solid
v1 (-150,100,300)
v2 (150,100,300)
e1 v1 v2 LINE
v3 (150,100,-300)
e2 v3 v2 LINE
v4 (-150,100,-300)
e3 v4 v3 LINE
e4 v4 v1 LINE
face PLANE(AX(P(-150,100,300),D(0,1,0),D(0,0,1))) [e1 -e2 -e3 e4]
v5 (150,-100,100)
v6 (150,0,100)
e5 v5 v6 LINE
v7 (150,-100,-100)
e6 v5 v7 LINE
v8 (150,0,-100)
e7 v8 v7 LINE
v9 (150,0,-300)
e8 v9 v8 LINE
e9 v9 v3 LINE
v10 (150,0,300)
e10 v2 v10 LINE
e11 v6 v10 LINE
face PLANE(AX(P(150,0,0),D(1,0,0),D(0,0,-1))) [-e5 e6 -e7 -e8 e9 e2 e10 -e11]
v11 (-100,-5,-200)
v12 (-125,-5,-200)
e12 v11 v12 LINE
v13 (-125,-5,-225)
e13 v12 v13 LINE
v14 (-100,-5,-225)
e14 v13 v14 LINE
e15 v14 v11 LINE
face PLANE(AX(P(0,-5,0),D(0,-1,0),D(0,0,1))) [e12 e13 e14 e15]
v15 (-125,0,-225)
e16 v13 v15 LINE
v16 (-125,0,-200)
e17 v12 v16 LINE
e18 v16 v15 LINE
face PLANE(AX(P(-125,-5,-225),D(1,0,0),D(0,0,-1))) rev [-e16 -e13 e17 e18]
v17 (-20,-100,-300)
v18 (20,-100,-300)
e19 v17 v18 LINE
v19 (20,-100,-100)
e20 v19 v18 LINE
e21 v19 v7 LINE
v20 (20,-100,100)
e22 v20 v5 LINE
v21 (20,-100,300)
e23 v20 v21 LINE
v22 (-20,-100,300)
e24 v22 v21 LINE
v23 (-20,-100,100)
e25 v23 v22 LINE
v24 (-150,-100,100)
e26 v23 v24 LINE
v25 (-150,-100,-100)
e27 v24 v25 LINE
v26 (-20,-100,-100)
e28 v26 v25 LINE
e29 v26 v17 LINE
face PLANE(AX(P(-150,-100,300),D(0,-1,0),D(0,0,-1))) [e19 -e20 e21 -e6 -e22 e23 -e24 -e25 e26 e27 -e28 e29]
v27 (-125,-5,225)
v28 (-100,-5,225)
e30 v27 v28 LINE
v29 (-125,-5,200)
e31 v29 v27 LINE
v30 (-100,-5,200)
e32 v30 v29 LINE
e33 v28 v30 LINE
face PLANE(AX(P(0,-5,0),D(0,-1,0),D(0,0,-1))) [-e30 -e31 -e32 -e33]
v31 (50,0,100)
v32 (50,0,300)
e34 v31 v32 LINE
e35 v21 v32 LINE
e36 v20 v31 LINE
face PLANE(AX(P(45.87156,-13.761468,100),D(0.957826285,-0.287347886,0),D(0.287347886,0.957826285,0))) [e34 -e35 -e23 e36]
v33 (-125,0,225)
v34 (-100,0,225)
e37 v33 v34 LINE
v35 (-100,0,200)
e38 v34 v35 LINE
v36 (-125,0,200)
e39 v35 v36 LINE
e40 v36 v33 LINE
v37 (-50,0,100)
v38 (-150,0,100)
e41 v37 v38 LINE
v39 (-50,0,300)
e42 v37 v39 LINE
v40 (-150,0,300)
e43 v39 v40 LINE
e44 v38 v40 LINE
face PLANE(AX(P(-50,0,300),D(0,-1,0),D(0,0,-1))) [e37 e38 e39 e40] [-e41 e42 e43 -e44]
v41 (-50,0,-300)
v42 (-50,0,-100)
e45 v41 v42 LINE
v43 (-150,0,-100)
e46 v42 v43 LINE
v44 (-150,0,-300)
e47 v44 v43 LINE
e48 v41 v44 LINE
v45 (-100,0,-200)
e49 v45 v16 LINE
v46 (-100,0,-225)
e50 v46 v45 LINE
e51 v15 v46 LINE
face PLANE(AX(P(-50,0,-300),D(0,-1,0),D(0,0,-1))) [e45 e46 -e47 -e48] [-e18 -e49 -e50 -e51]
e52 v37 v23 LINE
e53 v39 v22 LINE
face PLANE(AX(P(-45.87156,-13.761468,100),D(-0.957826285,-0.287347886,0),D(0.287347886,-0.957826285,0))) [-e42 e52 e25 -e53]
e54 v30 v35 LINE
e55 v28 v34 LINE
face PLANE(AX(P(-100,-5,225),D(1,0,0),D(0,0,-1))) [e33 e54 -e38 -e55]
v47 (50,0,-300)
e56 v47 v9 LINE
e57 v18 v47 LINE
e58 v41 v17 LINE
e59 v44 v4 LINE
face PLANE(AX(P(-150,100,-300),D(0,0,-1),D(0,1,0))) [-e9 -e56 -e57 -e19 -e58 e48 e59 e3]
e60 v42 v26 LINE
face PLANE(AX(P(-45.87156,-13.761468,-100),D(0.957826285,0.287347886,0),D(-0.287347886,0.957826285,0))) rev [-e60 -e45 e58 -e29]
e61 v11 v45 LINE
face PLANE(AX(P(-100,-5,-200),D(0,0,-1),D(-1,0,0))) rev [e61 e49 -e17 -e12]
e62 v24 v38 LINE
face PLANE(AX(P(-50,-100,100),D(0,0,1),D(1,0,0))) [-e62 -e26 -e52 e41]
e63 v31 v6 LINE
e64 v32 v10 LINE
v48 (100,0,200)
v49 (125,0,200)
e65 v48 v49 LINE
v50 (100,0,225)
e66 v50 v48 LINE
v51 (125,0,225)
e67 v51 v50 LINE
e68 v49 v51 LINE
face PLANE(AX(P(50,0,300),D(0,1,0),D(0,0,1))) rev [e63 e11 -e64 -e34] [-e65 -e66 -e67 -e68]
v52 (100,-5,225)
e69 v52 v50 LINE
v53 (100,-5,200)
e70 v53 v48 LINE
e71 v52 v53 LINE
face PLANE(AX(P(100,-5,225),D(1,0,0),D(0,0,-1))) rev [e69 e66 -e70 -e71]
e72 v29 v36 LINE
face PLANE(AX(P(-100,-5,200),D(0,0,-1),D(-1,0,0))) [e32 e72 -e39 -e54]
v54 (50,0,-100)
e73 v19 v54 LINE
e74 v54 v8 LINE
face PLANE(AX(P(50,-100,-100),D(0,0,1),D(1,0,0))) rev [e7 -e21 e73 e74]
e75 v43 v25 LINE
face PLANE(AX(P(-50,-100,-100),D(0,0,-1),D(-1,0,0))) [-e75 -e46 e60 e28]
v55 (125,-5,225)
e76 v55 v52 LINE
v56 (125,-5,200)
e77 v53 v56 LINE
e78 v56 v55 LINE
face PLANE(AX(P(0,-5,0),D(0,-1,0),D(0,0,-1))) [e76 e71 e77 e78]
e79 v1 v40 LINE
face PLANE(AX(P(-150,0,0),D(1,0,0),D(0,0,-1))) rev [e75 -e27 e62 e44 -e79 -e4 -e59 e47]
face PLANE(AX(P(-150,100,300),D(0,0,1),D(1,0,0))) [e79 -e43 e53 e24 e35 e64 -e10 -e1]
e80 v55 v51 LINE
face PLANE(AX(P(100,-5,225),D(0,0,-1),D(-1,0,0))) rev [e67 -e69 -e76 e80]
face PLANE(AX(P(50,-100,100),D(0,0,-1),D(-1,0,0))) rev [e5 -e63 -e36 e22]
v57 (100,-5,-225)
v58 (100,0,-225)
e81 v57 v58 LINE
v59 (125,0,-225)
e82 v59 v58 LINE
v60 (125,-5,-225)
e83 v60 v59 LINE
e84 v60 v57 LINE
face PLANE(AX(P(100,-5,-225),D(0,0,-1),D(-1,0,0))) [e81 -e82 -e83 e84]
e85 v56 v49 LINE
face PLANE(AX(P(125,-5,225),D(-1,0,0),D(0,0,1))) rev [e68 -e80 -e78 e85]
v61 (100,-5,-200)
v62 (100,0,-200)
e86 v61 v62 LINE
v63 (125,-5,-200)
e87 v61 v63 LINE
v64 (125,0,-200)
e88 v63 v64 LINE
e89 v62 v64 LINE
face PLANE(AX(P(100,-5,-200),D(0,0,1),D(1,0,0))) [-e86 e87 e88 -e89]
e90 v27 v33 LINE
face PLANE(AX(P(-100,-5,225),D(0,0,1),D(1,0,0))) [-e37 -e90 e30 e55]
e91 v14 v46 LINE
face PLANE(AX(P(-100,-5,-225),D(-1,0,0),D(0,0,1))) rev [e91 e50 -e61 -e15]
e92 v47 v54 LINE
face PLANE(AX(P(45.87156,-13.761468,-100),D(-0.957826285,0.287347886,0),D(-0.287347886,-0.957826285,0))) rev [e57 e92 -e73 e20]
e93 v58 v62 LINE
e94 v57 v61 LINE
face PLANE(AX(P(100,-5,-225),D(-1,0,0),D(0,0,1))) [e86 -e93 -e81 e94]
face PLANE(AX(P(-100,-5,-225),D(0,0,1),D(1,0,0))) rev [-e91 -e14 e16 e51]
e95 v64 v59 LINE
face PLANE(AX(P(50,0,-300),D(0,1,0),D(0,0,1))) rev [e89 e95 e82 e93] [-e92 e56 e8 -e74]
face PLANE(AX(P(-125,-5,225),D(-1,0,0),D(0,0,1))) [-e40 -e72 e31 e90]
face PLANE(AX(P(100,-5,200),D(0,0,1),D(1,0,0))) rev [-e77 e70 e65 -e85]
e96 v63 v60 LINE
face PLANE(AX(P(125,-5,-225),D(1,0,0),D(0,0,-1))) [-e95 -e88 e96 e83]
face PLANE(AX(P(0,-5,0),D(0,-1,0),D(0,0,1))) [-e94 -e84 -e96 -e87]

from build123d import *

# Parameters (mm, degrees)
BOSS_EXTRUDE1_DEPTH      = 150
BOSS_EXTRUDE1_DEPTH_BACK = 150
SKETCH2_W                = 600
SKETCH2_H                = 200
SKETCH3_W                = 200
SKETCH3_H                = 100
CUT_EXTRUDE1_DEPTH       = 100
SKETCH4_W                = 25
SKETCH4_H                = 25
BOSS_EXTRUDE2_DEPTH      = 5
MIRROR3_COPY_1_SKETCH_W  = 25
MIRROR3_COPY_1_SKETCH_H  = 25
MIRROR3_COPY_1_DEPTH     = 5
MIRROR3_COPY_2_SKETCH_W  = 25
MIRROR3_COPY_2_SKETCH_H  = 25
MIRROR3_COPY_2_DEPTH     = 5
CUT_EXTRUDE3_DEPTH       = 200


with BuildPart() as part:
    # Sketch2 → Boss-Extrude1 (new, two sides: drawn at the far end of the back side and taken through both)
    with BuildSketch(Plane(origin=(0, 0, 0), x_dir=(0, 0, -1), z_dir=(1, 0, 0)).offset(-BOSS_EXTRUDE1_DEPTH_BACK)):
        Rectangle(SKETCH2_W, SKETCH2_H)
    extrude(amount=BOSS_EXTRUDE1_DEPTH + BOSS_EXTRUDE1_DEPTH_BACK)

    # Sketch3 → Cut-Extrude1 (cut)
    with BuildSketch(Plane(origin=(150, 0, 0), x_dir=(0, 0, -1), z_dir=(1, 0, 0))):
        with Locations((-200, -50)):
            Rectangle(SKETCH3_W, SKETCH3_H)
        with Locations((200, -50)):
            Rectangle(SKETCH3_W, SKETCH3_H)
    cut_extrude1 = extrude(amount=-CUT_EXTRUDE1_DEPTH, mode=Mode.SUBTRACT)

    # Mirror1: Cut-Extrude1 across plane
    add(cut_extrude1.mirror(Plane(origin=(0, 0, 0), x_dir=(0, 0, 1), z_dir=(1, 0, 0))), mode=Mode.SUBTRACT)

    # Sketch4 → Boss-Extrude2 (add)
    with BuildSketch(Plane.XZ):
        with Locations((112.5, 212.5)):
            Rectangle(SKETCH4_W, SKETCH4_H)
    boss_extrude2 = extrude(amount=BOSS_EXTRUDE2_DEPTH)

    # Mirror2: Boss-Extrude2 across plane
    add(boss_extrude2.mirror(Plane(origin=(0, 0, 0), x_dir=(0, 0, 1), z_dir=(1, 0, 0))))

    # Mirror3 copy 1 sketch → Mirror3 copy 1 (add)
    with BuildSketch(Plane(origin=(0, 0, 0), x_dir=(-1, 0, 0), z_dir=(0, -1, 0))):
        with Locations((112.5, 212.5)):
            Rectangle(MIRROR3_COPY_1_SKETCH_W, MIRROR3_COPY_1_SKETCH_H)
    extrude(amount=MIRROR3_COPY_1_DEPTH)

    # Mirror3 copy 2 sketch → Mirror3 copy 2 (add)
    with BuildSketch(Plane.XZ):
        with Locations((112.5, -212.5)):
            Rectangle(MIRROR3_COPY_2_SKETCH_W, MIRROR3_COPY_2_SKETCH_H)
    extrude(amount=MIRROR3_COPY_2_DEPTH)

    # Sketch5 → Cut-Extrude3 (cut)
    with BuildSketch(Plane(origin=(0, 0, -300), x_dir=(-1, 0, 0), z_dir=(0, 0, -1))):
        Polygon((-20, -100), (-50, 0), (-50, -100), align=None)
        Polygon((50, -100), (50, 0), (20, -100), align=None)
    cut_extrude3 = extrude(amount=-CUT_EXTRUDE3_DEPTH, mode=Mode.SUBTRACT)

    # Mirror4: Cut-Extrude3 across plane
    add(cut_extrude3.mirror(Plane.XY), mode=Mode.SUBTRACT)


solid = part.part
